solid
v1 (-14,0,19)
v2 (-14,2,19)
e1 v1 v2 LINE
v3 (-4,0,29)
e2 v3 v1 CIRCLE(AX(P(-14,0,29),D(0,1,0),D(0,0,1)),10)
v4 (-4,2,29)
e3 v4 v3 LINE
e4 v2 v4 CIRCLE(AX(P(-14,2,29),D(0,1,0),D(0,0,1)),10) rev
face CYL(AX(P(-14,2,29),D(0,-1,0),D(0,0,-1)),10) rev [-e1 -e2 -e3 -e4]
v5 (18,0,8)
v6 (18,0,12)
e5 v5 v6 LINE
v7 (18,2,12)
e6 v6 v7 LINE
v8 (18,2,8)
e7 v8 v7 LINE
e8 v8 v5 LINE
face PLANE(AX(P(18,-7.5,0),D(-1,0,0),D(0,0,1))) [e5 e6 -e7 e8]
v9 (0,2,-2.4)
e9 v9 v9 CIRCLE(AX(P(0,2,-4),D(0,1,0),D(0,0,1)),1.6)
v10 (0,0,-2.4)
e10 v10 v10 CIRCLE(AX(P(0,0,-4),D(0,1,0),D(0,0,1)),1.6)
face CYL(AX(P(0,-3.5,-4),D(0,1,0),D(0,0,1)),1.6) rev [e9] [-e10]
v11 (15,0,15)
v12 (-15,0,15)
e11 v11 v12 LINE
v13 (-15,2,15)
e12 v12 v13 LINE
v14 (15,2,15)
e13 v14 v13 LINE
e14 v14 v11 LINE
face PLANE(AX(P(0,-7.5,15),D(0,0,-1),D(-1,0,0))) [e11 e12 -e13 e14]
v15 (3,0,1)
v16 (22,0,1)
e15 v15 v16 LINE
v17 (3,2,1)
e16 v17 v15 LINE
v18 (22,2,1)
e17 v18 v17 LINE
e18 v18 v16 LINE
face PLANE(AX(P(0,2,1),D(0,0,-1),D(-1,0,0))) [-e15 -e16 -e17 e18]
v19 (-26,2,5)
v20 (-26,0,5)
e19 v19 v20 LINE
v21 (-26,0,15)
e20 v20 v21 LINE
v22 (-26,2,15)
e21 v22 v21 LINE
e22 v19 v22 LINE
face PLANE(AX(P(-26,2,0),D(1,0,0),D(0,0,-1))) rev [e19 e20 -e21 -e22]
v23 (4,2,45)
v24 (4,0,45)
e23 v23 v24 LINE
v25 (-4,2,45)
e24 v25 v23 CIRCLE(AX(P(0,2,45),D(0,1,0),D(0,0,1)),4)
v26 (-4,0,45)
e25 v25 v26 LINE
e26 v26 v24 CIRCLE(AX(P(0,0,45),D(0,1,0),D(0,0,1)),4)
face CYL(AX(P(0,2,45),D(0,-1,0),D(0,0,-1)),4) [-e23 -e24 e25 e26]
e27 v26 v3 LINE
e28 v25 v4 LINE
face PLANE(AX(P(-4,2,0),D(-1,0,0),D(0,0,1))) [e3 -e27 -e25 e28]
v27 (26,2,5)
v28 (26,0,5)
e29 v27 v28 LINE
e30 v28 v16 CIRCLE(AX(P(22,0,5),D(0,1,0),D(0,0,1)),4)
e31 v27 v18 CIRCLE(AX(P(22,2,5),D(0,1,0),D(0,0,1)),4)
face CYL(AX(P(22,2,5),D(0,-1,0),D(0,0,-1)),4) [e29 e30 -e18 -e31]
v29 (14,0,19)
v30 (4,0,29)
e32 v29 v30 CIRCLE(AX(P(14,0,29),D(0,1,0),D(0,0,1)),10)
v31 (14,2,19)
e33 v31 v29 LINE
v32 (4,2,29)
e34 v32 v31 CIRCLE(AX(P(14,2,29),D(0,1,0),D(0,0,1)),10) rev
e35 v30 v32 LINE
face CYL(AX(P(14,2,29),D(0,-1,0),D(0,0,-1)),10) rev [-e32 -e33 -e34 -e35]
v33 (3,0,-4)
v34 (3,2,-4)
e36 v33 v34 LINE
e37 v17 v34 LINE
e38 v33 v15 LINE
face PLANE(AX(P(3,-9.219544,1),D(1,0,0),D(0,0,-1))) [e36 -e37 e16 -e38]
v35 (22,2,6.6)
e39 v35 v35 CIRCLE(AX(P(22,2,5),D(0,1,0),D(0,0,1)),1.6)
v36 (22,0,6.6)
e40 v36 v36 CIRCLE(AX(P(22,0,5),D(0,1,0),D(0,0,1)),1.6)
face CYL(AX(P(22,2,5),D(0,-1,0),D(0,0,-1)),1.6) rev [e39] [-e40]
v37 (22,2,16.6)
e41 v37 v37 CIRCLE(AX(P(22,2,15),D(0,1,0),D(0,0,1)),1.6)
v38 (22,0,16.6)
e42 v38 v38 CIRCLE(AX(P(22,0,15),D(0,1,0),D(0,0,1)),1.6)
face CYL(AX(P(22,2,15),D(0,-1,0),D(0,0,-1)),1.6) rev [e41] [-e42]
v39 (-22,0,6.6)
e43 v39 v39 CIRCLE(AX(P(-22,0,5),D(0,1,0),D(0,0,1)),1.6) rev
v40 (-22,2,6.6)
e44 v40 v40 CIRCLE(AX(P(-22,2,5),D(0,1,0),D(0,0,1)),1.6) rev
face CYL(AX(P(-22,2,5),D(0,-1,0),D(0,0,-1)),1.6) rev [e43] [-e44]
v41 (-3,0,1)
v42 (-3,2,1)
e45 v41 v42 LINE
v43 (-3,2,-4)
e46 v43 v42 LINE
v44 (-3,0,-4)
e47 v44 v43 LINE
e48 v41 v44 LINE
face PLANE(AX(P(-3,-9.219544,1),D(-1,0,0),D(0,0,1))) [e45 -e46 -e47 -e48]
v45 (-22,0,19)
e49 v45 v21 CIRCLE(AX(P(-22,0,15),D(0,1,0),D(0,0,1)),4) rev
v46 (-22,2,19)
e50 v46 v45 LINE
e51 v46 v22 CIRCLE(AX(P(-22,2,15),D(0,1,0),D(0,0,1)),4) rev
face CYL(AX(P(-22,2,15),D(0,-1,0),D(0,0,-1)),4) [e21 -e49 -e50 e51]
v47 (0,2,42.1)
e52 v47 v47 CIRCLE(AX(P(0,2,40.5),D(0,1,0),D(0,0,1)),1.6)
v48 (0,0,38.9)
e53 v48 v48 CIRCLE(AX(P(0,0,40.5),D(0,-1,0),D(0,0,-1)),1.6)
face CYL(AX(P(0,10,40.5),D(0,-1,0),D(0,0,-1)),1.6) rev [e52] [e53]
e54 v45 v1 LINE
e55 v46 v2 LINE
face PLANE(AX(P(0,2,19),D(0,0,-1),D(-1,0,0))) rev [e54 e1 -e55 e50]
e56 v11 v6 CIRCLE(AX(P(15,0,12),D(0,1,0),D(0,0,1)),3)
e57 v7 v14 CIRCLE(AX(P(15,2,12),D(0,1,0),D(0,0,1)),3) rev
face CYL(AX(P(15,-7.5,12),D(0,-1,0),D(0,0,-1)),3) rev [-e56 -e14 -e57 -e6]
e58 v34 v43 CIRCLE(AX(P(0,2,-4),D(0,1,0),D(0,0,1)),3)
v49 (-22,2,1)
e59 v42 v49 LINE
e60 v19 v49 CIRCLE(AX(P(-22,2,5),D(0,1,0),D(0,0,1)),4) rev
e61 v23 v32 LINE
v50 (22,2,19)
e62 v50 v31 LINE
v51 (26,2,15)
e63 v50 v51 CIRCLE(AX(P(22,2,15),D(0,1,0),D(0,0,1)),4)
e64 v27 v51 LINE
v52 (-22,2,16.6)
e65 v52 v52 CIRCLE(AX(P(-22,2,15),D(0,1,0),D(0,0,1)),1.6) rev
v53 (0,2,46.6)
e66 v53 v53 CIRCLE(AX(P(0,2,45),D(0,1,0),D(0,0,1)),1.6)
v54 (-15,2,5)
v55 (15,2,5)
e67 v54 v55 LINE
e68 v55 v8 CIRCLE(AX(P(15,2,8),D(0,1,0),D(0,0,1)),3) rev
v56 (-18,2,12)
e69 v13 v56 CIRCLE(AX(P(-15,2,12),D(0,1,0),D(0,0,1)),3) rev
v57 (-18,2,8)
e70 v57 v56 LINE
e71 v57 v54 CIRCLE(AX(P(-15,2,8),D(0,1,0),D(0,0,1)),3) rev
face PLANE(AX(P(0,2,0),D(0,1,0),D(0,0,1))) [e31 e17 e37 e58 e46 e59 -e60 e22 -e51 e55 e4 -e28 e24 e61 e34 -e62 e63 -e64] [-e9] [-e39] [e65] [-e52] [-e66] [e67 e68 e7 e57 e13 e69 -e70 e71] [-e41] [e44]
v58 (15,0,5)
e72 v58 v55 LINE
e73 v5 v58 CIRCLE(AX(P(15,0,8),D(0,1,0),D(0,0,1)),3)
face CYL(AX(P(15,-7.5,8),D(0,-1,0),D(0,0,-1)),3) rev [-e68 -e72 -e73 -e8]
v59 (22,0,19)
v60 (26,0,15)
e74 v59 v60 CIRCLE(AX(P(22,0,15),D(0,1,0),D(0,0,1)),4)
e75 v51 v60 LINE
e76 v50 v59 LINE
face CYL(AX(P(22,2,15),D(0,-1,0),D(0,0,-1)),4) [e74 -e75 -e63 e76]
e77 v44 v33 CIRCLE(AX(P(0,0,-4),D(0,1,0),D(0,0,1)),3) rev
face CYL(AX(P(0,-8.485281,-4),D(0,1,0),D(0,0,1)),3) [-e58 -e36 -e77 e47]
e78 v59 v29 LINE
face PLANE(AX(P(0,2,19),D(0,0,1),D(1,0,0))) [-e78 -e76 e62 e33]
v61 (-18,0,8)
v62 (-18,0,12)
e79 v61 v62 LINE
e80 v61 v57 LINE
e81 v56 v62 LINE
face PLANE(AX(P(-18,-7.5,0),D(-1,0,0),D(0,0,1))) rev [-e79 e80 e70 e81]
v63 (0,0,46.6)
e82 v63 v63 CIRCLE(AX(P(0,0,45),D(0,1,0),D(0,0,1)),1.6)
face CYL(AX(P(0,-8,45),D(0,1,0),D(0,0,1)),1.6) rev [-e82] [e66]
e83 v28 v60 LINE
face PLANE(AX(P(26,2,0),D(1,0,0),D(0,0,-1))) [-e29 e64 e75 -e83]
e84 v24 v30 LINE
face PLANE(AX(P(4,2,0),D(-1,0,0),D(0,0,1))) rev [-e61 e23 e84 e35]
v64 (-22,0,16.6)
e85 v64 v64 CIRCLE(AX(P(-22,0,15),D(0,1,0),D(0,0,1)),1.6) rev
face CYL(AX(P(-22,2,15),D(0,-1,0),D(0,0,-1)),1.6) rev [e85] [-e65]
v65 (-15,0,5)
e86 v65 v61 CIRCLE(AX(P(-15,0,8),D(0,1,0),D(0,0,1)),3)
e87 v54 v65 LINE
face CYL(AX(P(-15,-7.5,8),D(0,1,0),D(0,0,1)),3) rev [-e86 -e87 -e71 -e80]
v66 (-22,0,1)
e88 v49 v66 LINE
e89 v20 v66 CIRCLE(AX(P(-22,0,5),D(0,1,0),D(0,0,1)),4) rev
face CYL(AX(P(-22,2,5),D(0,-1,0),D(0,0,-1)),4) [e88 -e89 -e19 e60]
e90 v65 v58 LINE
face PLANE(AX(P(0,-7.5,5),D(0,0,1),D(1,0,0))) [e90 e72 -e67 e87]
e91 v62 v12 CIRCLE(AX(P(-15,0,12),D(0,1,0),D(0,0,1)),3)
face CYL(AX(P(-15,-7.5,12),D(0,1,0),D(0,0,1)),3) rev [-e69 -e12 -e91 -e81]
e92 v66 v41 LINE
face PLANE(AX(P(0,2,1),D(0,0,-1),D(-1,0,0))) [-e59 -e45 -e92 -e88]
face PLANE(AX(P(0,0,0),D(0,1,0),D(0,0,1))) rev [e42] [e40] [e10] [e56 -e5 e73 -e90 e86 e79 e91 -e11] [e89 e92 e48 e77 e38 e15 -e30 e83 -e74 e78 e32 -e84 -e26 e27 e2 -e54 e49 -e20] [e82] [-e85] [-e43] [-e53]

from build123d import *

# Parameters (mm, degrees)
SKETCH1_R            = 1.6
BOSS_EXTRUDE1_DEPTH  = 2
FILLET1_R            = 10
SKETCH2_R            = 4
BOSS_EXTRUDE3_DEPTH  = 2
SKETCH4_R            = 1.6
CUT_EXTRUDE2_DEPTH   = 4
CUT_EXTRUDE3_DEPTH   = 10
SKETCH6_R            = 3
SKETCH6_R_2          = 1.6
BOSS_EXTRUDE4_DEPTH  = 2
SKETCH7_R            = 1.6
CUT_EXTRUDE4_DEPTH   = 10
SKETCH8_W            = 36
SKETCH8_H            = 10
CUT_EXTRUDE6_DEPTH   = 9.5
FILLET3_R            = 3
SKETCH9_R            = 1.6
BOSS_EXTRUDE5_DEPTH  = 2
SKETCH10_R           = 1.6
BOSS_EXTRUDE6_DEPTH  = 2
SKETCH11_R           = 1.6
CUT_EXTRUDE7_DEPTH   = 10
BOSS_EXTRUDE7_DEPTH  = 2
SKETCH13_R           = 1.6
CUT_EXTRUDE9_DEPTH   = 5.5
BOSS_EXTRUDE8_DEPTH  = 2
SKETCH16_R           = 1.6
CUT_EXTRUDE10_DEPTH  = 10
SKETCH17_R           = 2.884899687
BOSS_EXTRUDE9_DEPTH  = 1
SKETCH18_R           = 1.6
BOSS_EXTRUDE10_DEPTH = 3
SKETCH19_R           = 1.6
SKETCH19_R_2         = 1.5
CUT_EXTRUDE11_DEPTH  = 2
SKETCH20_R           = 1.6
CUT_EXTRUDE12_DEPTH  = 10
SKETCH21_R           = 1.5
CUT_EXTRUDE13_DEPTH  = 8.5


with BuildPart() as part:
    # Sketch1 → Boss-Extrude1 (new body)
    with BuildSketch(Plane(origin=(0, 0, 0), x_dir=(1, 0, 0), z_dir=(0, 1, 0))):
        with BuildLine():
            Line((-4, -45), (-4, -30))
            Line((-4, -30), (-4, -19))
            Line((-4, -19), (-22, -19))
            ThreePointArc((-22, -19), (-24.828427125, -17.828427125), (-26, -15))
            Line((-26, -15), (-26, -5))
            ThreePointArc((-26, -5), (-24.828427125, -2.171572875), (-22, -1))
            Line((-22, -1), (-4, -1))
            Line((-4, -1), (-4, 0))
            ThreePointArc((-4, 0), (0, 4), (4, 0))
            Line((4, 0), (4, -1))
            Line((4, -1), (22, -1))
            ThreePointArc((22, -1), (24.828427125, -2.171572875), (26, -5))
            Line((26, -5), (26, -15))
            ThreePointArc((26, -15), (24.828427125, -17.828427125), (22, -19))
            Line((22, -19), (4, -19))
            Line((4, -19), (4, -30))
            Line((4, -30), (4, -45))
            ThreePointArc((4, -45), (0, -49), (-4, -45))
        make_face()
        with Locations((-22, -5)):
            Circle(SKETCH1_R, mode=Mode.SUBTRACT)
        Circle(SKETCH1_R, mode=Mode.SUBTRACT)
        with Locations((22, -5)):
            Circle(SKETCH1_R, mode=Mode.SUBTRACT)
        with Locations((22, -15)):
            Circle(SKETCH1_R, mode=Mode.SUBTRACT)
        with Locations((-22, -15)):
            Circle(SKETCH1_R, mode=Mode.SUBTRACT)
        with BuildLine():
            ThreePointArc((-1.6, -45), (0, -46.6), (1.6, -45))
            Line((1.6, -45), (1.6, -30))
            ThreePointArc((1.6, -30), (0, -28.4), (-1.6, -30))
            Line((-1.6, -30), (-1.6, -45))
        make_face(mode=Mode.SUBTRACT)
    extrude(amount=BOSS_EXTRUDE1_DEPTH)

    # Fillet1
    fillet1_edges = [part.edges().sort_by_distance(p)[0] for p in [
        (-4, 1, 19),
        (4, 1, 19),
    ]]
    fillet(fillet1_edges, radius=FILLET1_R)

    # Sketch2 → Boss-Extrude3 (add)
    with BuildSketch(Plane(origin=(0, 2, 0), x_dir=(1, 0, 0), z_dir=(0, 1, 0))):
        with BuildLine():
            ThreePointArc((-3.708099244, 1.5), (-2.797344782, 2.859171588), (-1.41859085, 3.74))
            ThreePointArc((-1.41859085, 3.74), (0, 4.6), (1.41859085, 3.74))
            ThreePointArc((1.41859085, 3.74), (2.797344782, 2.859171588), (3.708099244, 1.5))
            ThreePointArc((3.708099244, 1.5), (3.92634671, 2.23593095), (4, 3))
            ThreePointArc((4, 3), (0, 7), (-4, 3))
            ThreePointArc((-4, 3), (-3.92634671, 2.23593095), (-3.708099244, 1.5))
        make_face()
        with BuildLine():
            ThreePointArc((4, 3), (3.92634671, 2.23593095), (3.708099244, 1.5))
            ThreePointArc((3.708099244, 1.5), (3.92634671, 0.76406905), (4, 0))
            Line((4, 0), (4, 3))
        make_face()
        with BuildLine():
            ThreePointArc((-4, 0), (-3.92634671, 0.76406905), (-3.708099244, 1.5))
            ThreePointArc((-3.708099244, 1.5), (-3.92634671, 2.23593095), (-4, 3))
            Line((-4, 3), (-4, 0))
        make_face()
        Circle(SKETCH2_R)
    extrude(amount=-BOSS_EXTRUDE3_DEPTH)

    # Sketch4 → Cut-Extrude2 (cut)
    with BuildSketch(Plane(origin=(0, 2, 0), x_dir=(1, 0, 0), z_dir=(0, 1, 0))):
        with Locations((0, 3)):
            Circle(SKETCH4_R)
    extrude(amount=-CUT_EXTRUDE2_DEPTH, mode=Mode.SUBTRACT)

    # Sketch5 → Cut-Extrude3 (cut)
    with BuildSketch(Plane(origin=(0, 2, 0), x_dir=(1, 0, 0), z_dir=(0, 1, 0))):
        Polygon((-4, -1), (4, -1), (9.121752044, 12.8952039), (-11.957584595, 14.407484274), align=None)
    extrude(amount=-CUT_EXTRUDE3_DEPTH, mode=Mode.SUBTRACT)

    # Sketch6 → Boss-Extrude4 (add)
    with BuildSketch(Plane(origin=(0, 2, 0), x_dir=(1, 0, 0), z_dir=(0, 1, 0))):
        with Locations((0, -1)):
            Circle(SKETCH6_R)
        with Locations((0, -1)):
            Circle(SKETCH6_R_2, mode=Mode.SUBTRACT)
    extrude(amount=-BOSS_EXTRUDE4_DEPTH)

    # Sketch7 → Cut-Extrude4 (cut)
    with BuildSketch(Plane(origin=(0, 2, 0), x_dir=(1, 0, 0), z_dir=(0, 1, 0))):
        with Locations((0, -1)):
            Circle(SKETCH7_R)
    extrude(amount=-CUT_EXTRUDE4_DEPTH, mode=Mode.SUBTRACT)

    # Sketch8 → Cut-Extrude6 (cut)
    with BuildSketch(Plane(origin=(0, 2, 0), x_dir=(1, 0, 0), z_dir=(0, 1, 0))):
        with Locations((0, -10)):
            Rectangle(SKETCH8_W, SKETCH8_H)
    extrude(amount=-CUT_EXTRUDE6_DEPTH, mode=Mode.SUBTRACT)

    # Fillet3
    fillet3_edges = [part.edges().sort_by_distance(p)[0] for p in [
        (-18, 1, 5),
        (18, 1, 5),
        (18, 1, 15),
        (-18, 1, 15),
    ]]
    fillet(fillet3_edges, radius=FILLET3_R)

    # Sketch9 → Boss-Extrude5 (add)
    with BuildSketch(Plane(origin=(0, 2, 0), x_dir=(1, 0, 0), z_dir=(0, 1, 0))):
        with Locations((0, -1)):
            Circle(SKETCH9_R)
    extrude(amount=-BOSS_EXTRUDE5_DEPTH)

    # Sketch10 → Boss-Extrude6 (add)
    with BuildSketch(Plane(origin=(0, 2, 0), x_dir=(1, 0, 0), z_dir=(0, 1, 0))):
        with BuildLine():
            Line((3, -1), (3, 3))
            ThreePointArc((3, 3), (0, 6), (-3, 3))
            Line((-3, 3), (-3, -1))
            Line((-3, -1), (3, -1))
        make_face()
        with Locations((0, 3)):
            Circle(SKETCH10_R, mode=Mode.SUBTRACT)
    extrude(amount=-BOSS_EXTRUDE6_DEPTH)

    # Sketch11 → Cut-Extrude7 (cut)
    with BuildSketch(Plane(origin=(0, 2, 0), x_dir=(1, 0, 0), z_dir=(0, 1, 0))):
        with Locations((0, 3)):
            Circle(SKETCH11_R)
    extrude(amount=-CUT_EXTRUDE7_DEPTH, mode=Mode.SUBTRACT)

    # Sketch12 → Boss-Extrude7 (add)
    with BuildSketch(Plane(origin=(0, 2, 0), x_dir=(1, 0, 0), z_dir=(0, 1, 0))):
        with BuildLine():
            Line((-3, 3), (-3, 4))
            ThreePointArc((-3, 4), (0, 7), (3, 4))
            Line((3, 4), (3, 3))
            Line((3, 3), (2.828427125, 3))
            ThreePointArc((2.828427125, 3), (0, 1), (-2.828427125, 3))
            Line((-2.828427125, 3), (-3, 3))
        make_face()
    extrude(amount=-BOSS_EXTRUDE7_DEPTH)

    # Sketch13 → Cut-Extrude9 (cut)
    with BuildSketch(Plane(origin=(0, 2, 0), x_dir=(1, 0, 0), z_dir=(0, 1, 0))):
        with Locations((0, 4)):
            Circle(SKETCH13_R)
    extrude(amount=-CUT_EXTRUDE9_DEPTH, mode=Mode.SUBTRACT)

    # Sketch15 → Boss-Extrude8 (add)
    with BuildSketch(Plane(origin=(0, 2, 0), x_dir=(1, 0, 0), z_dir=(0, 1, 0))):
        with BuildLine():
            Line((-4, -45), (-4, -23.953750057))
            Line((-4, -23.953750057), (4, -23.953750057))
            Line((4, -23.953750057), (4, -45))
            ThreePointArc((4, -45), (0, -49), (-4, -45))
        make_face()
    extrude(amount=-BOSS_EXTRUDE8_DEPTH)

    # Sketch16 → Cut-Extrude10 (cut)
    with BuildSketch(Plane(origin=(0, 2, 0), x_dir=(1, 0, 0), z_dir=(0, 1, 0))):
        with Locations((0, -45)):
            Circle(SKETCH16_R)
        with Locations((0, -36)):
            Circle(SKETCH16_R)
    extrude(amount=-CUT_EXTRUDE10_DEPTH, mode=Mode.SUBTRACT)

    # Sketch17 → Boss-Extrude9 (add)
    with BuildSketch(Plane(origin=(0, 2, 0), x_dir=(1, 0, 0), z_dir=(0, 1, 0))):
        with Locations((0, -36)):
            Circle(SKETCH17_R)
    extrude(amount=-BOSS_EXTRUDE9_DEPTH)

    # Sketch18 → Boss-Extrude10 (add)
    with BuildSketch(Plane(origin=(0, 1, 0), x_dir=(-1, 0, 0), z_dir=(0, -1, 0))):
        with Locations((0, -36)):
            Circle(SKETCH18_R)
    extrude(amount=BOSS_EXTRUDE10_DEPTH)

    # Sketch19 → Cut-Extrude11 (cut)
    with BuildSketch(Plane(origin=(0, -2, 0), x_dir=(-1, 0, 0), z_dir=(0, -1, 0))):
        with Locations((0, -36)):
            Circle(SKETCH19_R)
        with Locations((0, -36)):
            Circle(SKETCH19_R_2, mode=Mode.SUBTRACT)
    extrude(amount=-CUT_EXTRUDE11_DEPTH, mode=Mode.SUBTRACT)

    # Sketch20 → Cut-Extrude12 (cut)
    with BuildSketch(Plane(origin=(0, 0, 0), x_dir=(-1, 0, 0), z_dir=(0, -1, 0))):
        with Locations((0, -40.5)):
            Circle(SKETCH20_R)
    extrude(amount=-CUT_EXTRUDE12_DEPTH, mode=Mode.SUBTRACT)

    # Sketch21 → Cut-Extrude13 (cut)
    with BuildSketch(Plane(origin=(0, 0, 0), x_dir=(-1, 0, 0), z_dir=(0, -1, 0))):
        with Locations((0, -36)):
            Circle(SKETCH21_R)
    extrude(amount=CUT_EXTRUDE13_DEPTH, mode=Mode.SUBTRACT)


solid = part.part
